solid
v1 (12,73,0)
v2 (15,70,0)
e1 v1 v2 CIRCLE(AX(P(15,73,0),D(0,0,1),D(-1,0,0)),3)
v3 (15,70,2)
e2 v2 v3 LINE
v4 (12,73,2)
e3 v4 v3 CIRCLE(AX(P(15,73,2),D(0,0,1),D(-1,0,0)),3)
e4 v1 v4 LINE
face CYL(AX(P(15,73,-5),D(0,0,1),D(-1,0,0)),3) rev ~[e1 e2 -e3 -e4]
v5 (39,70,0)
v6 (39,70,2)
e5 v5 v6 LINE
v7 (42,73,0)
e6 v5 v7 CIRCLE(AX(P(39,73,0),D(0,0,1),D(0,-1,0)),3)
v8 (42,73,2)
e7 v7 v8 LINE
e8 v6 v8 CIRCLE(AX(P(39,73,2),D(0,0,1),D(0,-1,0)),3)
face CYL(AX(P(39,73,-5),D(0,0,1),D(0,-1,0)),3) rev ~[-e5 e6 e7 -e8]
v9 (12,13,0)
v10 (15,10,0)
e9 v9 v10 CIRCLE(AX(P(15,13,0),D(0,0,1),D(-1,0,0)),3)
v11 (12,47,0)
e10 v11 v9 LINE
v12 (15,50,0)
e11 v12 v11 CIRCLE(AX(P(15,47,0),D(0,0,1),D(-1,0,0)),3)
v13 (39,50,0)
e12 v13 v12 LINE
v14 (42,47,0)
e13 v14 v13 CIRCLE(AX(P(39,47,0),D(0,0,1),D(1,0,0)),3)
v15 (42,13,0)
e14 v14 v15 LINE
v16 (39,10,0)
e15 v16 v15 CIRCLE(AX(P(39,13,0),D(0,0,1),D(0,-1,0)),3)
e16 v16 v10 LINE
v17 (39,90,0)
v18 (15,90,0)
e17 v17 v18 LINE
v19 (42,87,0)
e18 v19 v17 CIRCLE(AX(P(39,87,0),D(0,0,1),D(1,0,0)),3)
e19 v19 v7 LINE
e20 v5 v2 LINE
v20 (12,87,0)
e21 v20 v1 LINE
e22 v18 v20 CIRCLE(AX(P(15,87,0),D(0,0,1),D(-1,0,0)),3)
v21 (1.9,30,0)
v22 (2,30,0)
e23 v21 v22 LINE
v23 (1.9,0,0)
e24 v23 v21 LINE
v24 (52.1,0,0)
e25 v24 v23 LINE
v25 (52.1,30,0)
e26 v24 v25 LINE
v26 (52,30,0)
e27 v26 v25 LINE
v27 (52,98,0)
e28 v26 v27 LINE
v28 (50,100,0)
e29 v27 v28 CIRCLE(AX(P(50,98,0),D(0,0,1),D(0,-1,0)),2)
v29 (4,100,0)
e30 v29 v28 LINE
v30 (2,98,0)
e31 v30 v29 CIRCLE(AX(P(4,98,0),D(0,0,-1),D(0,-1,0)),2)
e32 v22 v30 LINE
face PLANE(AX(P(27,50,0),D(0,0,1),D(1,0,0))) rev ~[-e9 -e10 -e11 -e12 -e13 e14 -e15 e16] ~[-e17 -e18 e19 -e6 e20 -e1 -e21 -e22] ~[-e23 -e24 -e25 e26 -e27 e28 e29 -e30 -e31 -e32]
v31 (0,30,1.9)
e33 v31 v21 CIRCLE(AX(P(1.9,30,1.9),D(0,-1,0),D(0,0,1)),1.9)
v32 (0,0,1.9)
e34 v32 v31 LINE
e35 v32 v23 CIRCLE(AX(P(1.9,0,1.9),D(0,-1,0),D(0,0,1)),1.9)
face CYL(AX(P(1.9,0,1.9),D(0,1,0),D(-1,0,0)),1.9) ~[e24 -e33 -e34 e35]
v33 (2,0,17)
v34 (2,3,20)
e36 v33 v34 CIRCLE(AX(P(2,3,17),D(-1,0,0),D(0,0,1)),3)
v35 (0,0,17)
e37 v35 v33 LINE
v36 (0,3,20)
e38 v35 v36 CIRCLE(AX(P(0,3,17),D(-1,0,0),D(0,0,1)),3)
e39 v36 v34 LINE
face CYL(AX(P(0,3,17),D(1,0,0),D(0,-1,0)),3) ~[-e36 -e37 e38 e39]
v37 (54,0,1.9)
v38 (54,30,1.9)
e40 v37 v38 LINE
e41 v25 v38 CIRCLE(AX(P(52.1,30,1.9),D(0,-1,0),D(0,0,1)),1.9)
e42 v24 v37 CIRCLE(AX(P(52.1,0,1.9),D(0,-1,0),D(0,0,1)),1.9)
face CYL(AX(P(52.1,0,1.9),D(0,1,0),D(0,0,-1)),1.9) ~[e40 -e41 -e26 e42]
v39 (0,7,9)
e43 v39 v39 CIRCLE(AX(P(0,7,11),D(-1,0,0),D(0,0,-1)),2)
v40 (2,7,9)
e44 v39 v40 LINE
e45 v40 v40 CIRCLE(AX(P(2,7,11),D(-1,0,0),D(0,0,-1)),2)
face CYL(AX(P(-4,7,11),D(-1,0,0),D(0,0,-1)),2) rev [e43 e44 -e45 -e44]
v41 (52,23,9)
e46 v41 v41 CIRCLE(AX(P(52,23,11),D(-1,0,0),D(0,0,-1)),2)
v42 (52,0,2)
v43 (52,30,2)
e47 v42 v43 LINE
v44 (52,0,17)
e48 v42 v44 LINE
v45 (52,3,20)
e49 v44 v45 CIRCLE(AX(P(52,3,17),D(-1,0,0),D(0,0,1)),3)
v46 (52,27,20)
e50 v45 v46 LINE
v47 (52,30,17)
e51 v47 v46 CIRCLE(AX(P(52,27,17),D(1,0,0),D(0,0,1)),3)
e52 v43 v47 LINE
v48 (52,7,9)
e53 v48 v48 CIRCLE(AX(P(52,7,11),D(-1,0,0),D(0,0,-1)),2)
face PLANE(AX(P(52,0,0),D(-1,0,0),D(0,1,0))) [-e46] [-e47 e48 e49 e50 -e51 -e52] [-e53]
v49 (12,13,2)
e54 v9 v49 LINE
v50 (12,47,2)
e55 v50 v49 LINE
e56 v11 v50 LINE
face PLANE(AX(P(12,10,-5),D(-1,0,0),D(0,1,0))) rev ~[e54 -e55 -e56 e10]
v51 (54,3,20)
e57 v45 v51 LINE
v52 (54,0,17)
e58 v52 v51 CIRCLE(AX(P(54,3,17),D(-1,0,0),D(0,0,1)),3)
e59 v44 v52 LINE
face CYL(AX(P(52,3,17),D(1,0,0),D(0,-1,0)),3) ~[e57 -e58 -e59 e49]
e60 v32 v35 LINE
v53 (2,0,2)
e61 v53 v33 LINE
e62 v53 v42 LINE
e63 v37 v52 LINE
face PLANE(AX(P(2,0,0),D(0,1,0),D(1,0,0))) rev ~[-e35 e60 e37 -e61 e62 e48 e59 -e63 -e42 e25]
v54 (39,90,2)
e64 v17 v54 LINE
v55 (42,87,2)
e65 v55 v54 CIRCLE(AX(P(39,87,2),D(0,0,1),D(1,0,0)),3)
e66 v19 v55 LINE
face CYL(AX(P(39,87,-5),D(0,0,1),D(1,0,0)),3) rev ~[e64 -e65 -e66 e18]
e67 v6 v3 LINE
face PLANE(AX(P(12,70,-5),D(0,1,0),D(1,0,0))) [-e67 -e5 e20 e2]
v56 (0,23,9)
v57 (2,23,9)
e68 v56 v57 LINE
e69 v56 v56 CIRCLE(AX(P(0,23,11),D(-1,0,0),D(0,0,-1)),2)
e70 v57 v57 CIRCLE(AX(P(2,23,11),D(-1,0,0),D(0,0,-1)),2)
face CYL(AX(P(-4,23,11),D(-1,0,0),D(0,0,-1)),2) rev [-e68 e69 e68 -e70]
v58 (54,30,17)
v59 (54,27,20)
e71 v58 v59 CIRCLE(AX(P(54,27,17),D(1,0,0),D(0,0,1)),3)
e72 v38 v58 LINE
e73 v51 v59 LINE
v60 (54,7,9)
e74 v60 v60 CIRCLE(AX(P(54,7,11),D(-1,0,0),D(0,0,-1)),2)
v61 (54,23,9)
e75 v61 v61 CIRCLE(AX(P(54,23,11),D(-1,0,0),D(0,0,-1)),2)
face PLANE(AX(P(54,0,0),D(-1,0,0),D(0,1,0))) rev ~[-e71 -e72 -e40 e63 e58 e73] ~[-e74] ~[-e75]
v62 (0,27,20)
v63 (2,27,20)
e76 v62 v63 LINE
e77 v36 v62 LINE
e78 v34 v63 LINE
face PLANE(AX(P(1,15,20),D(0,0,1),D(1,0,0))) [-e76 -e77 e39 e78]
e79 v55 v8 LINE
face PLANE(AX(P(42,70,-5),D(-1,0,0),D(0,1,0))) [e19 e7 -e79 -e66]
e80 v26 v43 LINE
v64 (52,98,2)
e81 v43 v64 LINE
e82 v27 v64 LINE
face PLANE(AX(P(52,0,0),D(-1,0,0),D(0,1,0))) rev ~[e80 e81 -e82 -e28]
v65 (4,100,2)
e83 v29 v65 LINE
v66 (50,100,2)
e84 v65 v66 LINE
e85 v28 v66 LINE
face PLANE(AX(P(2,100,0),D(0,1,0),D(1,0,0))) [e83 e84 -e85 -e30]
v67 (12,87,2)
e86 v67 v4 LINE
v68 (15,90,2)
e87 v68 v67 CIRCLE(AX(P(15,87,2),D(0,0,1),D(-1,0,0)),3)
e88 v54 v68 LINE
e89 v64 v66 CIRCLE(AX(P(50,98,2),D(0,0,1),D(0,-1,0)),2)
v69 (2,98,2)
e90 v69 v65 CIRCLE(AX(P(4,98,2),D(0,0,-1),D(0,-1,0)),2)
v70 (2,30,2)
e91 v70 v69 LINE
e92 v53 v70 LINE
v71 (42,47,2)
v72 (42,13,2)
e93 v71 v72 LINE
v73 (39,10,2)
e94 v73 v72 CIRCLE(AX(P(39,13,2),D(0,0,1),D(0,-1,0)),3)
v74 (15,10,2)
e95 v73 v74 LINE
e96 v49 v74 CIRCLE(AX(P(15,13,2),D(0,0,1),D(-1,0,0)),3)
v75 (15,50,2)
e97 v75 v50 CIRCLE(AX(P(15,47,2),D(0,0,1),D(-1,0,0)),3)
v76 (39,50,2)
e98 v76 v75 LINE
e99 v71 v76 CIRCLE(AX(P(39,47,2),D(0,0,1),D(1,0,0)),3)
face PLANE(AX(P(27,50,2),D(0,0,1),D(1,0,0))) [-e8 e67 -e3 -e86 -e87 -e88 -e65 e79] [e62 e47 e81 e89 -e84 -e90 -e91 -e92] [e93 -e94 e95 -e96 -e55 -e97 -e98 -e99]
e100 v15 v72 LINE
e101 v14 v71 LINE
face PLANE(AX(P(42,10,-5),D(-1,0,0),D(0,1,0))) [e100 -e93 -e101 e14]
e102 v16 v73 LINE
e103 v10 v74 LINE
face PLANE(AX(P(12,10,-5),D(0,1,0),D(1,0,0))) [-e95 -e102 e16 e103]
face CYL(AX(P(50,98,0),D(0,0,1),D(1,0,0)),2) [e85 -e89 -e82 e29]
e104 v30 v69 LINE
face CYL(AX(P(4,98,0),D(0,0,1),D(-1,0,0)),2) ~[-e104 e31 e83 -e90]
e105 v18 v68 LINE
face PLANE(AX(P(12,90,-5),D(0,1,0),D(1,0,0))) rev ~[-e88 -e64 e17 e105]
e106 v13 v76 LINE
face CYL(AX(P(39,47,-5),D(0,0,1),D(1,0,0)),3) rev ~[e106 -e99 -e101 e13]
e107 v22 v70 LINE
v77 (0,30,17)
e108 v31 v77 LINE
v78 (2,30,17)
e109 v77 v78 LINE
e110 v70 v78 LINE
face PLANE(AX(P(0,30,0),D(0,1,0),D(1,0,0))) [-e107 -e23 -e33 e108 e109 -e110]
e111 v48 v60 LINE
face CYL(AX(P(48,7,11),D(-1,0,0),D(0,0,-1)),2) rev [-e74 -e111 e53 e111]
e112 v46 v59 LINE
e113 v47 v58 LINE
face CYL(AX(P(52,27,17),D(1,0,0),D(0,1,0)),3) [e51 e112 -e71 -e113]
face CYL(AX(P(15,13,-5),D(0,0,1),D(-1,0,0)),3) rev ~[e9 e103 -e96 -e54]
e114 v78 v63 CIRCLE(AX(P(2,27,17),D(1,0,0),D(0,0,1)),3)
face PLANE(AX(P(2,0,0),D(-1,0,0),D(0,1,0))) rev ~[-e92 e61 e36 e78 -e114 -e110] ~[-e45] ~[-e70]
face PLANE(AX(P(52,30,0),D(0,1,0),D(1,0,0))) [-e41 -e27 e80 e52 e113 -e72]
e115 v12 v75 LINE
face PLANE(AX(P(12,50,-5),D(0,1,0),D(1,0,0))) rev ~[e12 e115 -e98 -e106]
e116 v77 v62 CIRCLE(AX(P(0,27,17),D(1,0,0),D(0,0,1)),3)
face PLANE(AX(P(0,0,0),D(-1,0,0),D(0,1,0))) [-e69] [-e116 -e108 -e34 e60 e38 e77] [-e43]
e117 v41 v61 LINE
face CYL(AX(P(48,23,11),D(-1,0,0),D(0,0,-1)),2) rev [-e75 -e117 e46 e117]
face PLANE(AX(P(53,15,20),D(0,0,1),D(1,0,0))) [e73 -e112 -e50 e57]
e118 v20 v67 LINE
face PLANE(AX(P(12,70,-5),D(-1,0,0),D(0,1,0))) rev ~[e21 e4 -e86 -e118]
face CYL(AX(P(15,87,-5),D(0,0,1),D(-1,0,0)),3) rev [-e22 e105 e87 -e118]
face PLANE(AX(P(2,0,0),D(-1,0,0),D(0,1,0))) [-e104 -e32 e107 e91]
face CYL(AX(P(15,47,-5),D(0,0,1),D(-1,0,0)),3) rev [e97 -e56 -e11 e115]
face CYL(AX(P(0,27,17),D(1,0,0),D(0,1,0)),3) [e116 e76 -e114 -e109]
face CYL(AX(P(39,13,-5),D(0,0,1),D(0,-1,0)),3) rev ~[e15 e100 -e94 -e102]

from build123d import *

# Parameters (mm, degrees)
CYLINDER002_R     = 2
CYLINDER002_DEPTH = 10
CYLINDER003_R     = 2
CYLINDER003_DEPTH = 10
BOX004_W          = 2
BOX004_H          = 30
BOX004_DEPTH      = 20
FILLET004_R       = 3
FILLET005_R       = 1.9
CYLINDER_R        = 2
CYLINDER_DEPTH    = 10
CYLINDER001_R     = 2
CYLINDER001_DEPTH = 10
BOX003_W          = 2
BOX003_H          = 30
BOX003_DEPTH      = 20
FILLET003_R       = 3
FILLET006_R       = 1.9
BOX002_W          = 30
BOX002_H          = 40
BOX002_DEPTH      = 10
FILLET002_R       = 3
BOX001_W          = 30
BOX001_H          = 20
BOX001_DEPTH      = 10
FILLET001_R       = 3
BOX_W             = 50
BOX_H             = 100
BOX_DEPTH         = 2
FILLET_R          = 2


with BuildPart() as cilindre002:
    # Cylinder002 → Cylinder002 (new body)
    with BuildSketch(Plane(origin=(-4, 7, 11), x_dir=(0, 0, -1), z_dir=(1, 0, 0))):
        Circle(CYLINDER002_R)
    extrude(amount=CYLINDER002_DEPTH)


with BuildPart() as cilindre003:
    # Cylinder003 → Cylinder003 (new body)
    with BuildSketch(Plane(origin=(-4, 23, 11), x_dir=(0, 0, -1), z_dir=(1, 0, 0))):
        Circle(CYLINDER003_R)
    extrude(amount=CYLINDER003_DEPTH)


with BuildPart() as fillet005:
    # Box004 → Box004 (new body)
    with BuildSketch(Plane.XY):
        with Locations((1, 15)):
            Rectangle(BOX004_W, BOX004_H)
    extrude(amount=BOX004_DEPTH)

    # Fillet004
    fillet004_edges = [fillet005.edges().sort_by_distance(p)[0] for p in [
        (1, 0, 20),
        (1, 30, 20),
    ]]
    fillet(fillet004_edges, radius=FILLET004_R)

    # Cut004: cut Cilindre003
    add(cilindre003.part, mode=Mode.SUBTRACT)

    # Cut005: cut Cilindre002
    add(cilindre002.part, mode=Mode.SUBTRACT)


with BuildPart() as fillet005_1:
    # Cut005 placement: moved
    add(fillet005.part.moved(Location((52, 0, 0))))

    # Fillet005
    fillet005_edges = [fillet005_1.edges().sort_by_distance(p)[0] for p in [
        (54, 15, 0),
    ]]
    fillet(fillet005_edges, radius=FILLET005_R)


with BuildPart() as cilindre:
    # Cylinder → Cylinder (new body)
    with BuildSketch(Plane(origin=(-4, 7, 11), x_dir=(0, 0, -1), z_dir=(1, 0, 0))):
        Circle(CYLINDER_R)
    extrude(amount=CYLINDER_DEPTH)


with BuildPart() as cilindre001:
    # Cylinder001 → Cylinder001 (new body)
    with BuildSketch(Plane(origin=(-4, 23, 11), x_dir=(0, 0, -1), z_dir=(1, 0, 0))):
        Circle(CYLINDER001_R)
    extrude(amount=CYLINDER001_DEPTH)


with BuildPart() as fillet006:
    # Box003 → Box003 (new body)
    with BuildSketch(Plane.XY):
        with Locations((1, 15)):
            Rectangle(BOX003_W, BOX003_H)
    extrude(amount=BOX003_DEPTH)

    # Fillet003
    fillet003_edges = [fillet006.edges().sort_by_distance(p)[0] for p in [
        (1, 0, 20),
        (1, 30, 20),
    ]]
    fillet(fillet003_edges, radius=FILLET003_R)

    # Cut002: cut Cilindre001
    add(cilindre001.part, mode=Mode.SUBTRACT)

    # Cut003: cut Cilindre
    add(cilindre.part, mode=Mode.SUBTRACT)

    # Fillet006
    fillet006_edges = [fillet006.edges().sort_by_distance(p)[0] for p in [
        (0, 15, 0),
    ]]
    fillet(fillet006_edges, radius=FILLET006_R)


with BuildPart() as fusion:
    # Fusion base: copy of Fillet006
    add(fillet006.part)

    # Fusion: union Fillet005
    add(fillet005_1.part)


with BuildPart() as forat2:
    # Box002 → Box002 (new body)
    with BuildSketch(Plane.XY):
        with Locations((15, 20)):
            Rectangle(BOX002_W, BOX002_H)
    extrude(amount=BOX002_DEPTH)

    # Fillet002
    fillet002_edges = [forat2.edges().sort_by_distance(p)[0] for p in [
        (0, 0, 5),
        (0, 40, 5),
        (30, 0, 5),
        (30, 40, 5),
    ]]
    fillet(fillet002_edges, radius=FILLET002_R)


with BuildPart() as forat2_1:
    # Fillet002 placement: moved
    add(forat2.part.moved(Location((10, 10, -5))))


with BuildPart() as forat1:
    # Box001 → Box001 (new body)
    with BuildSketch(Plane.XY):
        with Locations((15, 10)):
            Rectangle(BOX001_W, BOX001_H)
    extrude(amount=BOX001_DEPTH)

    # Fillet001
    fillet001_edges = [forat1.edges().sort_by_distance(p)[0] for p in [
        (0, 0, 5),
        (0, 20, 5),
        (30, 0, 5),
        (30, 20, 5),
    ]]
    fillet(fillet001_edges, radius=FILLET001_R)


with BuildPart() as forat1_1:
    # Fillet001 placement: moved
    add(forat1.part.moved(Location((10, 70, -5))))


with BuildPart() as base:
    # Box → Box (new body)
    with BuildSketch(Plane.XY):
        with Locations((25, 50)):
            Rectangle(BOX_W, BOX_H)
    extrude(amount=BOX_DEPTH)

    # Fillet
    fillet_edges = [base.edges().sort_by_distance(p)[0] for p in [
        (0, 100, 1),
        (50, 100, 1),
    ]]
    fillet(fillet_edges, radius=FILLET_R)

    # Cut: cut forat1
    add(forat1_1.part, mode=Mode.SUBTRACT)

    # Cut001: cut forat2
    add(forat2_1.part, mode=Mode.SUBTRACT)


with BuildPart() as base_1:
    # Cut001 placement: moved
    add(base.part.moved(Location((2, 0, 0))))


with BuildPart() as fusion001:
    # Fusion001 base: copy of Fillet006
    add(fillet006.part)

    # Fusion001: union Fillet005, Fusion, base
    add(fillet005_1.part)
    add(fusion.part)
    add(base_1.part)


solid = fusion001.part
